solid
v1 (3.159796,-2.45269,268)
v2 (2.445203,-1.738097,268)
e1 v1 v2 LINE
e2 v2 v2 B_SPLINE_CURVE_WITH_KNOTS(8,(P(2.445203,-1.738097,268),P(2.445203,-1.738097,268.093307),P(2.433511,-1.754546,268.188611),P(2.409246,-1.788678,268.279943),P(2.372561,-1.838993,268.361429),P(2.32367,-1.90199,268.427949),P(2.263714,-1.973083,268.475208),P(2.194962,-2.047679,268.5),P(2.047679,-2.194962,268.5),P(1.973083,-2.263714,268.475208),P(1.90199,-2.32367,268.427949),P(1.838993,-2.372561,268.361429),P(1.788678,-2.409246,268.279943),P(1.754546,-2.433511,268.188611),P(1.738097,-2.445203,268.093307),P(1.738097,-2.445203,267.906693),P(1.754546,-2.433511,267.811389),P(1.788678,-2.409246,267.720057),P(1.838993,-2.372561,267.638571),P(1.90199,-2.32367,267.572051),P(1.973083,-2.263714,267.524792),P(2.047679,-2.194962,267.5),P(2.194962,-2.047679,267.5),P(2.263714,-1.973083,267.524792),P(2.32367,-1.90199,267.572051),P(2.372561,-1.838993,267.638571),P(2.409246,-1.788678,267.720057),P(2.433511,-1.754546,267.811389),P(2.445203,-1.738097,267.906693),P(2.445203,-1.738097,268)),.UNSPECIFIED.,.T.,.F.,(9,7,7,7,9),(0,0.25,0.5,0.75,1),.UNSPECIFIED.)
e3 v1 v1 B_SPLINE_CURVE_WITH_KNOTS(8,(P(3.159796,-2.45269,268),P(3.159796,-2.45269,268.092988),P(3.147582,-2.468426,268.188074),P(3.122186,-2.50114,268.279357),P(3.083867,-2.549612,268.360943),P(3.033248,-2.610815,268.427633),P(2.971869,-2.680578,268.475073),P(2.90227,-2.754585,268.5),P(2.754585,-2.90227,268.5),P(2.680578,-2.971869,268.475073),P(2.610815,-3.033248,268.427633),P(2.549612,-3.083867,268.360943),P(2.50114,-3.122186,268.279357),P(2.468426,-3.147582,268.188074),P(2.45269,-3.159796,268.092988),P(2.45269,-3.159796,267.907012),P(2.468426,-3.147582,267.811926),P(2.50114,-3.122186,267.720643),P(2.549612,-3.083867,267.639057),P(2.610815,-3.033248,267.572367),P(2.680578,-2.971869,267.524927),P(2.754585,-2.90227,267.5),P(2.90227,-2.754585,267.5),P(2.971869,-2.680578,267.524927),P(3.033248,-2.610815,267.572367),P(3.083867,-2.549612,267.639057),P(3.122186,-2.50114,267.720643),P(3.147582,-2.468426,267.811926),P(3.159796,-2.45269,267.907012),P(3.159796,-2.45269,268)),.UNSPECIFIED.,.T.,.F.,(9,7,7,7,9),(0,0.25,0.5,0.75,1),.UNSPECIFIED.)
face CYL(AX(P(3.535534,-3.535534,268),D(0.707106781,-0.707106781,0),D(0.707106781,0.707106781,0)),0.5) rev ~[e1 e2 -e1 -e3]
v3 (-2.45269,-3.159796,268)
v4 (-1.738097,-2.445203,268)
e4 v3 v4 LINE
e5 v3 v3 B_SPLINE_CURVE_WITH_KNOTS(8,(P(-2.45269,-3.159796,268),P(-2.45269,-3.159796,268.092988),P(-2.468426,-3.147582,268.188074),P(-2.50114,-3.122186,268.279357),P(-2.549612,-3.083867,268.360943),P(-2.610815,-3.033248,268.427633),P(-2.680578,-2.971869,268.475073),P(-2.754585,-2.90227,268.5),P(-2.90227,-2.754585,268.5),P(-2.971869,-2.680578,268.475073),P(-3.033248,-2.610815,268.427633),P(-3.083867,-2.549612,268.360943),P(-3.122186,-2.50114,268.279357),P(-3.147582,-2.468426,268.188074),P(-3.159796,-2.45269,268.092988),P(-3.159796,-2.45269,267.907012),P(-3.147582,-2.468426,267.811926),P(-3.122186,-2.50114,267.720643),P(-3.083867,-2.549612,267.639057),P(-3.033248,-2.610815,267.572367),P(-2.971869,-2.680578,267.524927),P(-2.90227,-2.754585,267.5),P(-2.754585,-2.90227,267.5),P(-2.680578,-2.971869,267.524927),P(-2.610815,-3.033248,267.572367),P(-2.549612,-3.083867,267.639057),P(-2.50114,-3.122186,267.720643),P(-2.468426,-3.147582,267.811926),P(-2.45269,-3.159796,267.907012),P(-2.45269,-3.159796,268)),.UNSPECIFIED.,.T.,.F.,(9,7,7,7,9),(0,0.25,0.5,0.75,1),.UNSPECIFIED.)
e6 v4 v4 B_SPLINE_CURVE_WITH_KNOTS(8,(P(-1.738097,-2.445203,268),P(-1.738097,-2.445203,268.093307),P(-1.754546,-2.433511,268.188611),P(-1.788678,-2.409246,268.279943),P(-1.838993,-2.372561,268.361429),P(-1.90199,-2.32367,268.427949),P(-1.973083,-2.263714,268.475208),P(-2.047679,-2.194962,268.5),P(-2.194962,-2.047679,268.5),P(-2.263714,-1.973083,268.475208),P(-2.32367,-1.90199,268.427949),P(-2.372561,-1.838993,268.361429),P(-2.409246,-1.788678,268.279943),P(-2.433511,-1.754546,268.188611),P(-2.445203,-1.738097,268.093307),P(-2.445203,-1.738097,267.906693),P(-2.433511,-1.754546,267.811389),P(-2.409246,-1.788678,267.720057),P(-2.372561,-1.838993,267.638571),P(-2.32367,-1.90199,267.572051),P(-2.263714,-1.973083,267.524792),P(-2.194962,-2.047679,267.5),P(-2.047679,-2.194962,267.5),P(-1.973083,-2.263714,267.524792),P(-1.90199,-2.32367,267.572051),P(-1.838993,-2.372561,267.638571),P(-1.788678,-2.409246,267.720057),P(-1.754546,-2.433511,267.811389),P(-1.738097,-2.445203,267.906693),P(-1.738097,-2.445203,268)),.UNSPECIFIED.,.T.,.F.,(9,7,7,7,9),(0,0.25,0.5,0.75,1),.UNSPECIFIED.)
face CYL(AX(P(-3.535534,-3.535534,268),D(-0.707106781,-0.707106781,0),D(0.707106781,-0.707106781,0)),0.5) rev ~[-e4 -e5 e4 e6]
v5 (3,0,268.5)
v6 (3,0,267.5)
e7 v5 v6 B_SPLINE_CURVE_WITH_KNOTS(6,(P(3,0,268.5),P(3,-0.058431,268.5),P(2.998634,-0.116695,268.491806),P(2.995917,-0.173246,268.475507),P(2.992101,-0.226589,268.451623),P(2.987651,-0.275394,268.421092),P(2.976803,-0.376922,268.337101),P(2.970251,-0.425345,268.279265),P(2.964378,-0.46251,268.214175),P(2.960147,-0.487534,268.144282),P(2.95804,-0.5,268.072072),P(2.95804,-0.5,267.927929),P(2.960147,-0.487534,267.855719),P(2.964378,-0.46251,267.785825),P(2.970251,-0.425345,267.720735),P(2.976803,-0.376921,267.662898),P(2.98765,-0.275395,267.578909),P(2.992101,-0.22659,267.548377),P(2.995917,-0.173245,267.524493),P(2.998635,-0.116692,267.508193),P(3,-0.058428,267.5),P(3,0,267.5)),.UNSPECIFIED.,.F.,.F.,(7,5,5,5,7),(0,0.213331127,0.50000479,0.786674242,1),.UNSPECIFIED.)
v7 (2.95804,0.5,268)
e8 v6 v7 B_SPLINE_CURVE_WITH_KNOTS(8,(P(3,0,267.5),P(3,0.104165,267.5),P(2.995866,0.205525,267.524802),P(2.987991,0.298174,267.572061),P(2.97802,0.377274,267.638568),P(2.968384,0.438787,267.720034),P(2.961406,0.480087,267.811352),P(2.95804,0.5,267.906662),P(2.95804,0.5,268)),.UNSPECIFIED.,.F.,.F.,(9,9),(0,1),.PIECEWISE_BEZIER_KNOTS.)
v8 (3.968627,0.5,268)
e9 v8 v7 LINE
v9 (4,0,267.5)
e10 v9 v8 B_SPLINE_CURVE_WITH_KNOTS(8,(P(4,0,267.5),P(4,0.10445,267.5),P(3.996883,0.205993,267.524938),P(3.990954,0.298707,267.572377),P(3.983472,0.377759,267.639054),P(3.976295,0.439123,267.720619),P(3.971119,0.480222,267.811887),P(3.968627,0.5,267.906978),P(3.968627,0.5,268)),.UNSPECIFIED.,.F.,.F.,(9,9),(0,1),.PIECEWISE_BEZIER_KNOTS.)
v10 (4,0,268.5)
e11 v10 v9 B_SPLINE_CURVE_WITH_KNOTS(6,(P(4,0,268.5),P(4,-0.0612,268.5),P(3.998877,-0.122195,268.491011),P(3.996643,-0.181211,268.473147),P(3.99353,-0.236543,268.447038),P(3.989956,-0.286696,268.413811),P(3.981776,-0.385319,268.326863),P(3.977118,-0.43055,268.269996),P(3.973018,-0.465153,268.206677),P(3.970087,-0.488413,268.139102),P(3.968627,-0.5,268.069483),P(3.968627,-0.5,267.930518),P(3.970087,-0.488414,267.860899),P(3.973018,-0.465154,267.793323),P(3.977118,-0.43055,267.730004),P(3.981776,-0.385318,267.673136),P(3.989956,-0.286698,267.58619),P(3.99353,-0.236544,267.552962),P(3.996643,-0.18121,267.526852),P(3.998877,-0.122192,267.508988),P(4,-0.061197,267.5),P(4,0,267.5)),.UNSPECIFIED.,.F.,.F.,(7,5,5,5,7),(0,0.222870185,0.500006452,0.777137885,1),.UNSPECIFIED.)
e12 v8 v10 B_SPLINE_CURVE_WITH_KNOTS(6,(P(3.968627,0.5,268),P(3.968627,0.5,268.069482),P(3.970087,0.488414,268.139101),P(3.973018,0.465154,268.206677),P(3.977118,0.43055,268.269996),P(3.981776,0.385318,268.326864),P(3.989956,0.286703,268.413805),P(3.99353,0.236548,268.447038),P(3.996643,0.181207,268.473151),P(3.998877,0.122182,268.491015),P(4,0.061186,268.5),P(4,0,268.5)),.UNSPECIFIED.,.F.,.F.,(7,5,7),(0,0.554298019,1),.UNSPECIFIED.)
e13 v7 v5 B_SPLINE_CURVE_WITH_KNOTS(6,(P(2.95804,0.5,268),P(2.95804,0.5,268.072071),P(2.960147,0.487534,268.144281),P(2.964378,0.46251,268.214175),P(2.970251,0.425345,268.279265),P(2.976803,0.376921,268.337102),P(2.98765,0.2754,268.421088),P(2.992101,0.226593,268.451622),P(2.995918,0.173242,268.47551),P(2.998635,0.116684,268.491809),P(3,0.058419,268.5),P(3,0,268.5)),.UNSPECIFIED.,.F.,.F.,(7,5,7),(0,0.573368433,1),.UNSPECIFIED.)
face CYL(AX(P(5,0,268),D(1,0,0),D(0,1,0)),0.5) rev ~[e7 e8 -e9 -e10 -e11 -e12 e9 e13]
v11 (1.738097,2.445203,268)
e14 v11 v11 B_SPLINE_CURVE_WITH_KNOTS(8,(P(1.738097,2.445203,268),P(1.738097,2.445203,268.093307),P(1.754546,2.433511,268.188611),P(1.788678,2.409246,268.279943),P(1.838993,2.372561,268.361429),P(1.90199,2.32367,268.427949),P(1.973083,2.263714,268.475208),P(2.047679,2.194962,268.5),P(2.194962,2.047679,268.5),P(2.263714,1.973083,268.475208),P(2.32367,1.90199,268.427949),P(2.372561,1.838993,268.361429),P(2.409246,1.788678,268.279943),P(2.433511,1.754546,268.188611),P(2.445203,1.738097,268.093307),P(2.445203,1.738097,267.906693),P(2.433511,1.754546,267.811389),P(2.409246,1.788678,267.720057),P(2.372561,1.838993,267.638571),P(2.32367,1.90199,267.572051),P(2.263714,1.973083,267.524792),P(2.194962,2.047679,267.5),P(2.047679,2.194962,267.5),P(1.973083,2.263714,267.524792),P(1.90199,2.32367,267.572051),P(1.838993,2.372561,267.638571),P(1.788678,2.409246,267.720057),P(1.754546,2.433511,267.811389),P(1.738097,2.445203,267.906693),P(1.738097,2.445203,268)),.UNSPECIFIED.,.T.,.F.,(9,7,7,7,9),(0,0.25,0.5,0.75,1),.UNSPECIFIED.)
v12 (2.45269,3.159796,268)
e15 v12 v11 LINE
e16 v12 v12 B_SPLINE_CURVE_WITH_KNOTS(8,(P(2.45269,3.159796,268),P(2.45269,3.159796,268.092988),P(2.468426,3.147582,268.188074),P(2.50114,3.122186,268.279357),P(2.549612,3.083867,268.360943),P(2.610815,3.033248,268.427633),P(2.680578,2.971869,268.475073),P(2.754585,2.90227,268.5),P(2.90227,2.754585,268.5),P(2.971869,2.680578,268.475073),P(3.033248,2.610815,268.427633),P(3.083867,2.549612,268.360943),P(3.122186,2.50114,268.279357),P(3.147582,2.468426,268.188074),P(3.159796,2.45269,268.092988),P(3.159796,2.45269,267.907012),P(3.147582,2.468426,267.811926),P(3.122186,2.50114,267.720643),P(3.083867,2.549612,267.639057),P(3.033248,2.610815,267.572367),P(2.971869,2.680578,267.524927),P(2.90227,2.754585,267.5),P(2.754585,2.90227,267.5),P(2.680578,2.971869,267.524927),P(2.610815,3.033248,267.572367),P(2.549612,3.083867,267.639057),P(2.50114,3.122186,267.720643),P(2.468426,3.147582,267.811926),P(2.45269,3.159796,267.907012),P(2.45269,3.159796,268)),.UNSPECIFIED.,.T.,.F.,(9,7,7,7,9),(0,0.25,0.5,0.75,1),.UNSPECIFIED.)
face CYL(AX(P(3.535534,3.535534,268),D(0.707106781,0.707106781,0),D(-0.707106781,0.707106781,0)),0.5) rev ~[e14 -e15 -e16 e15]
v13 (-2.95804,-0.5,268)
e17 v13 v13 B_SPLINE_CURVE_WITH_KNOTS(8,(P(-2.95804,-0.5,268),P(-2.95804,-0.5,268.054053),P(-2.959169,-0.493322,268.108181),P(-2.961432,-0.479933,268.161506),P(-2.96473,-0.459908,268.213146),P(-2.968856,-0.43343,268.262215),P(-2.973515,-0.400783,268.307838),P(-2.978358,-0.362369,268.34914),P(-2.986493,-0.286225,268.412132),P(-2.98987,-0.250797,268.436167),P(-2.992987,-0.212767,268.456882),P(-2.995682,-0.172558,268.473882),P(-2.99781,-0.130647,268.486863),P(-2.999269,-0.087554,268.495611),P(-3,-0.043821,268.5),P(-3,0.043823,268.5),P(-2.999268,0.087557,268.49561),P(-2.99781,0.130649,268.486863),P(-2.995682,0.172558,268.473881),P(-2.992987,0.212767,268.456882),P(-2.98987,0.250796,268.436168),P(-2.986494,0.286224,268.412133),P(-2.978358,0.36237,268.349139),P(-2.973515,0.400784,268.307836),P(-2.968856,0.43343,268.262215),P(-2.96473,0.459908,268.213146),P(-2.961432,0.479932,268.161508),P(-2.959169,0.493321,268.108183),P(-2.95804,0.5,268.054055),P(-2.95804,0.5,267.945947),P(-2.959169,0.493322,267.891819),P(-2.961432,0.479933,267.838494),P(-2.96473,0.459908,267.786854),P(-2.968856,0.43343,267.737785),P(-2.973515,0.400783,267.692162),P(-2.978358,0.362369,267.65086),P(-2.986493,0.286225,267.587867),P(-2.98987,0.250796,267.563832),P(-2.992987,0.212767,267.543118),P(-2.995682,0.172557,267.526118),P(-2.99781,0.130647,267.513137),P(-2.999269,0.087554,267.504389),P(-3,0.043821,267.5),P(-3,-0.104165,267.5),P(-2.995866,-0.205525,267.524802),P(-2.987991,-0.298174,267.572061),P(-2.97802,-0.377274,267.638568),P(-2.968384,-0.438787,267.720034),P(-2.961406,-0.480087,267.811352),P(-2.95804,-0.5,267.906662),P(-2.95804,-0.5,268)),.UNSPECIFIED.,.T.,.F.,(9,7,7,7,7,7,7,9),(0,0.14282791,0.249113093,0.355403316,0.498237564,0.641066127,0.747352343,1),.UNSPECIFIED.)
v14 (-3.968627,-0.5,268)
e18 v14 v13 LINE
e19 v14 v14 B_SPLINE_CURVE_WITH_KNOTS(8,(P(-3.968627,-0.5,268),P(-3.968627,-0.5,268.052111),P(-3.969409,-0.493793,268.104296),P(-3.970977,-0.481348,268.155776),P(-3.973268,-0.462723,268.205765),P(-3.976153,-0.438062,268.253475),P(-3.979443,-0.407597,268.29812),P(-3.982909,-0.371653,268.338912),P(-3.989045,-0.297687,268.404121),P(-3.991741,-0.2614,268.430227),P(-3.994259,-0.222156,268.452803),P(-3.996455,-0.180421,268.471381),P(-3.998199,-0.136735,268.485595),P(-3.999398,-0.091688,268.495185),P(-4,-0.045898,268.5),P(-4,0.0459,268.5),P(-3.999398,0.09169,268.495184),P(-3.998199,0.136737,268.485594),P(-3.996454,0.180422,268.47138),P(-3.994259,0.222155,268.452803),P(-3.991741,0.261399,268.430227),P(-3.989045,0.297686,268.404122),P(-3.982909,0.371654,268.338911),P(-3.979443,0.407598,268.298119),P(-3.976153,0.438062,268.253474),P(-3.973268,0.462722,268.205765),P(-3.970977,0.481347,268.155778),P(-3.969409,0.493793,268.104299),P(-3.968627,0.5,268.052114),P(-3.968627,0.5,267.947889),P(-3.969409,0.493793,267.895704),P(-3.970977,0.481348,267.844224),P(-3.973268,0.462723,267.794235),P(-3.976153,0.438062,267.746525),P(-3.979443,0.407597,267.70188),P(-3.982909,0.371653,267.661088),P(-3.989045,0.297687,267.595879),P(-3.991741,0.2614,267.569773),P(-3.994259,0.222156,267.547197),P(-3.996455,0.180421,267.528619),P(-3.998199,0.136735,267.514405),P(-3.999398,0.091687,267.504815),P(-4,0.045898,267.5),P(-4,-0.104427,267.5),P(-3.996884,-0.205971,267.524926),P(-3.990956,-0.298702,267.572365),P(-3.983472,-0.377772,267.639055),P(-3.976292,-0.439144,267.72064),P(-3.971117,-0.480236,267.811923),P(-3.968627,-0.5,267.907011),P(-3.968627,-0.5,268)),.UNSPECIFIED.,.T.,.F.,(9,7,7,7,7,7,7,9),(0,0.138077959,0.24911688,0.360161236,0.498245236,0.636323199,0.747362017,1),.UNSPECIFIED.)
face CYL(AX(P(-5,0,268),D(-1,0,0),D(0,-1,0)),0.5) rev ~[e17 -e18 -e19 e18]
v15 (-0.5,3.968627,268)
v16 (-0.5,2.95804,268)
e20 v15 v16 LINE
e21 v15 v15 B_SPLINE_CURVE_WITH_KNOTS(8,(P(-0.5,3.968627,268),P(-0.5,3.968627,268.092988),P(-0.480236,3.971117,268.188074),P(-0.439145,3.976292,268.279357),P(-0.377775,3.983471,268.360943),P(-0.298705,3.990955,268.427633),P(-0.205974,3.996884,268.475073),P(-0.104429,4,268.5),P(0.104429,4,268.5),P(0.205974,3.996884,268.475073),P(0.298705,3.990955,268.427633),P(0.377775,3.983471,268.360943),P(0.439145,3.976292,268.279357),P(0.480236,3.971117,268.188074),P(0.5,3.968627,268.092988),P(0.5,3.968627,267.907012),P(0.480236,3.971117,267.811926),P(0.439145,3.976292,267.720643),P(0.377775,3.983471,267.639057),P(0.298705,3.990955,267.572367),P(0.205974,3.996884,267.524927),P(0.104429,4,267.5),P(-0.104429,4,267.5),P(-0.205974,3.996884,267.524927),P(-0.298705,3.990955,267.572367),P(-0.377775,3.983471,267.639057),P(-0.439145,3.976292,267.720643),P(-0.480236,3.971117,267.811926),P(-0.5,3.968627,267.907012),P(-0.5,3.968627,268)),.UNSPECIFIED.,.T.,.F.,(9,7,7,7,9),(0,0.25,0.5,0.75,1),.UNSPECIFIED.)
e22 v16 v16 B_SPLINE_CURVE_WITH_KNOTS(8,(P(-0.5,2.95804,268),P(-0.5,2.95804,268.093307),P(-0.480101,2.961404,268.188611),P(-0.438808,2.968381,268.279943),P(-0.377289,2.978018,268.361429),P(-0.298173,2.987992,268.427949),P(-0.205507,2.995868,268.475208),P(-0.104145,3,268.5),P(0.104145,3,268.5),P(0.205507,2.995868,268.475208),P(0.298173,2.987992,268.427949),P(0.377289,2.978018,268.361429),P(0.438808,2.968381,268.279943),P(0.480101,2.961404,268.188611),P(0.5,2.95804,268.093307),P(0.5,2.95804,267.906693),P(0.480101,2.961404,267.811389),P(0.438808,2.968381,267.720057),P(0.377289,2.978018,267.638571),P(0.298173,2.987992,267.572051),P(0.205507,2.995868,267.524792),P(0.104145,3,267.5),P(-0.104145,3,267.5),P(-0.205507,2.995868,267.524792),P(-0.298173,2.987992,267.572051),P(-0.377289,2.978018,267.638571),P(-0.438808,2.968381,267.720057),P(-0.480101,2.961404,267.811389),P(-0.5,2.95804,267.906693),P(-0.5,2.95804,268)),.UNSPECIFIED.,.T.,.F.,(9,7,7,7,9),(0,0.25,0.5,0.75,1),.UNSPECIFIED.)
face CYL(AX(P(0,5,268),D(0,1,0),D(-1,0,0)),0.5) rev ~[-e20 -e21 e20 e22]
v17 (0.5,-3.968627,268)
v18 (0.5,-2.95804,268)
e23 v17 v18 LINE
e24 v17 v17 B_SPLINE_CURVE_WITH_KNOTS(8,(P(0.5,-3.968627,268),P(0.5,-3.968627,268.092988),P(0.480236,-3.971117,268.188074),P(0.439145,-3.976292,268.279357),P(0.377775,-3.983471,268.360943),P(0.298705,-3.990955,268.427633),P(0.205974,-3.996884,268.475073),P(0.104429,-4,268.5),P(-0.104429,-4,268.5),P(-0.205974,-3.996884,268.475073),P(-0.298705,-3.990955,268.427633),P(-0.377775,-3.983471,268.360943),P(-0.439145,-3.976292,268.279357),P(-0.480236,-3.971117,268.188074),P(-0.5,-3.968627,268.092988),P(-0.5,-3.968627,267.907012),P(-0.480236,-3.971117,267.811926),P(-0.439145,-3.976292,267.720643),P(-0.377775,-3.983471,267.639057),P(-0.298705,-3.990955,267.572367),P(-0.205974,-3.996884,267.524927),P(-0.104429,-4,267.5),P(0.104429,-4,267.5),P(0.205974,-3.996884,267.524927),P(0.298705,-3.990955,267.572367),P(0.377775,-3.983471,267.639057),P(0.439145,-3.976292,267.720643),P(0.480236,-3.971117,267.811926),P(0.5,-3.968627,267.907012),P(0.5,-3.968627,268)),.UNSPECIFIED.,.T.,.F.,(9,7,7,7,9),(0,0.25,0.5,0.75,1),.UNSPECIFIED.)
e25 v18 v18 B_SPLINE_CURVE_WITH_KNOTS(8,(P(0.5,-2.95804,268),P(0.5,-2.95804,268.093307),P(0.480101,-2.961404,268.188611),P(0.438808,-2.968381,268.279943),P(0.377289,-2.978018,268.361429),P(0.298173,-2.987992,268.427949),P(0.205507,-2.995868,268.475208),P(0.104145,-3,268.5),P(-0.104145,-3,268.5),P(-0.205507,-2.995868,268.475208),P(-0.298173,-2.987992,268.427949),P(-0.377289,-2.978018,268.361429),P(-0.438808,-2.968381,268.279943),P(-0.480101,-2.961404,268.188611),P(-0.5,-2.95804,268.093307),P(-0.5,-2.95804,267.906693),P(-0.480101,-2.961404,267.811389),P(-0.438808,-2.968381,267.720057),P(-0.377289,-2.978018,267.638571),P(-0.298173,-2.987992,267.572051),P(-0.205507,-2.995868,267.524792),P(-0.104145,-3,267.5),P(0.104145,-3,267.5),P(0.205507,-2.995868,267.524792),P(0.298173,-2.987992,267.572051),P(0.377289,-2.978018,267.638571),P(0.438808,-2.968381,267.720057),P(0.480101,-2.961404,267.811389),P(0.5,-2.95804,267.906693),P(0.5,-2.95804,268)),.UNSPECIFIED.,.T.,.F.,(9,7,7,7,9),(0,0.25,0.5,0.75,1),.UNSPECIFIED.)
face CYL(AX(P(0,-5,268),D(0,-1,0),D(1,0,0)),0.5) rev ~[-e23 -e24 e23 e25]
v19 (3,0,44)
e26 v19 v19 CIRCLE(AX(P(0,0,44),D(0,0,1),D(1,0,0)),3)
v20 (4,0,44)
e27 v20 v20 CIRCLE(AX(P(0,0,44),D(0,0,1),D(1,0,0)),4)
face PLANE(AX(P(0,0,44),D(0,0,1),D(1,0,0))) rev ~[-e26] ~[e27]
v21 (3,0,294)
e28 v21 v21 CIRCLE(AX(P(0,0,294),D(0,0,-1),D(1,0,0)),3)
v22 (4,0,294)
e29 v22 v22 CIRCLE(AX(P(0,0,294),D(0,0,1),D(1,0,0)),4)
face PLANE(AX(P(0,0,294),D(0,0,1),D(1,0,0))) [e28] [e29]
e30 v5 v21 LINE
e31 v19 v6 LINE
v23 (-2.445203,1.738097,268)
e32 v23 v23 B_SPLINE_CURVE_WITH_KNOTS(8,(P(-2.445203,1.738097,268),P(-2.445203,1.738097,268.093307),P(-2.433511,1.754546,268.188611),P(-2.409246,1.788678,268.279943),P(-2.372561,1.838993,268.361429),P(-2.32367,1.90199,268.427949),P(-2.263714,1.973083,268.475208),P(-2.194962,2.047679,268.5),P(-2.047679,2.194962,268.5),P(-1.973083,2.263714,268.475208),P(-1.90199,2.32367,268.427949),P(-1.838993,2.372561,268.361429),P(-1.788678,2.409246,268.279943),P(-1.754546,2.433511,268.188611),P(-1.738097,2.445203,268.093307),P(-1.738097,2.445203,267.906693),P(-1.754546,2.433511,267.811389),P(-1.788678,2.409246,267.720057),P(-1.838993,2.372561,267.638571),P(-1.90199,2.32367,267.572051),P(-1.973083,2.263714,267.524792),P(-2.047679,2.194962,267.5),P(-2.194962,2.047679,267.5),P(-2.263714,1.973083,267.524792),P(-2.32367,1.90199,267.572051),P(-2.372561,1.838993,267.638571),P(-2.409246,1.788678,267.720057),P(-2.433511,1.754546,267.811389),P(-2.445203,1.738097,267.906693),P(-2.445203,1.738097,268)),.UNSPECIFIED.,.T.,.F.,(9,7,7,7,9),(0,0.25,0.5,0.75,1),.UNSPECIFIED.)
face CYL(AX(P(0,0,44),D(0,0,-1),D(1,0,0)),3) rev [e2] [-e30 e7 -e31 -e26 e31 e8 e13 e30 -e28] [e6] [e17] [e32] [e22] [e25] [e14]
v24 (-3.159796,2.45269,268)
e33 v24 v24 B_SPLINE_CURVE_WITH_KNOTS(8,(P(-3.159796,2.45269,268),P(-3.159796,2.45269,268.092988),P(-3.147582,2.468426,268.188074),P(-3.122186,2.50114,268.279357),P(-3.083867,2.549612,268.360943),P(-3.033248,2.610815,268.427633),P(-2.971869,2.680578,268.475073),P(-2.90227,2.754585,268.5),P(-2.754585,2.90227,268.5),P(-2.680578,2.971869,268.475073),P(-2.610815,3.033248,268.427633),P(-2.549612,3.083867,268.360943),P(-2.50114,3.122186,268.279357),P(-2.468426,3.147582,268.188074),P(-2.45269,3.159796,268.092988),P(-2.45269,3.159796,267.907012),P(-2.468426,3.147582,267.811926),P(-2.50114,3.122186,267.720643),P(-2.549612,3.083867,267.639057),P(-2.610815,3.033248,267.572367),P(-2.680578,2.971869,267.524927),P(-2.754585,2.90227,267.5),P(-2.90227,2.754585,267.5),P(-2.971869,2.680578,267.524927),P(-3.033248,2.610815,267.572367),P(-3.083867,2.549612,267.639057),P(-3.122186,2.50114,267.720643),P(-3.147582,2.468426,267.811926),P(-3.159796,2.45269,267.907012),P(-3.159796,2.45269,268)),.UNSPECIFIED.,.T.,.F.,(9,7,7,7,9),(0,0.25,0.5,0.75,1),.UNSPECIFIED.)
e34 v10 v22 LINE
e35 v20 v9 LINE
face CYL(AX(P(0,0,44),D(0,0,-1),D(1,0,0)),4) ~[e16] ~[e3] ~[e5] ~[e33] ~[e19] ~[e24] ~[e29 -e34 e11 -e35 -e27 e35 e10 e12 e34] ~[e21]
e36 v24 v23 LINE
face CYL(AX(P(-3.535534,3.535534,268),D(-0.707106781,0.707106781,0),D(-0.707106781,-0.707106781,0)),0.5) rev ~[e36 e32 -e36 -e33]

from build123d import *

# Parameters (mm, degrees)
SKETCH_R           = 4
SKETCH_R_2         = 3
PAD_DEPTH          = 250
SKETCH001_W        = 5
SKETCH001_H        = 5
PAD001_DEPTH       = 10
SKETCH002_R        = 0.5
POCKET_DEPTH       = 3
POLARPATTERN_COUNT = 8
SKETCH003_W        = 8.429369
SKETCH003_H        = 7.155477
POCKET001_DEPTH    = 10


with BuildPart() as part:
    # Sketch → Pad (new body)
    with BuildSketch(Plane.XY.offset(44)):
        Circle(SKETCH_R)
        Circle(SKETCH_R_2, mode=Mode.SUBTRACT)
    extrude(amount=PAD_DEPTH)

    # Sketch001 → Pad001 (new body)
    with BuildSketch(Plane.XY.offset(294)):
        with Locations((2.5, -2.5)):
            Rectangle(SKETCH001_W, SKETCH001_H)
    extrude(amount=PAD001_DEPTH)

    # Sketch002 → Pocket (cut)
    with BuildSketch(Plane(origin=(0, -5, 44), x_dir=(1, 0, 0), z_dir=(0, -1, 0))):
        with Locations((0, 224)):
            Circle(SKETCH002_R)
    pocket = extrude(amount=-POCKET_DEPTH, mode=Mode.SUBTRACT)

    # PolarPattern: Pocket ×8 about axis
    polarpattern_axis = Axis((0, 0, 299), (0, 0, 1))
    for i in range(1, POLARPATTERN_COUNT):
        add(pocket.rotate(polarpattern_axis, i * 360 / POLARPATTERN_COUNT), mode=Mode.SUBTRACT)

    # Sketch003 → Pocket001 (cut)
    with BuildSketch(Plane.XY.offset(304)):
        with Locations((3.121665, -2.696092)):
            Rectangle(SKETCH003_W, SKETCH003_H)
    extrude(amount=-POCKET001_DEPTH, mode=Mode.SUBTRACT)


solid = part.part
